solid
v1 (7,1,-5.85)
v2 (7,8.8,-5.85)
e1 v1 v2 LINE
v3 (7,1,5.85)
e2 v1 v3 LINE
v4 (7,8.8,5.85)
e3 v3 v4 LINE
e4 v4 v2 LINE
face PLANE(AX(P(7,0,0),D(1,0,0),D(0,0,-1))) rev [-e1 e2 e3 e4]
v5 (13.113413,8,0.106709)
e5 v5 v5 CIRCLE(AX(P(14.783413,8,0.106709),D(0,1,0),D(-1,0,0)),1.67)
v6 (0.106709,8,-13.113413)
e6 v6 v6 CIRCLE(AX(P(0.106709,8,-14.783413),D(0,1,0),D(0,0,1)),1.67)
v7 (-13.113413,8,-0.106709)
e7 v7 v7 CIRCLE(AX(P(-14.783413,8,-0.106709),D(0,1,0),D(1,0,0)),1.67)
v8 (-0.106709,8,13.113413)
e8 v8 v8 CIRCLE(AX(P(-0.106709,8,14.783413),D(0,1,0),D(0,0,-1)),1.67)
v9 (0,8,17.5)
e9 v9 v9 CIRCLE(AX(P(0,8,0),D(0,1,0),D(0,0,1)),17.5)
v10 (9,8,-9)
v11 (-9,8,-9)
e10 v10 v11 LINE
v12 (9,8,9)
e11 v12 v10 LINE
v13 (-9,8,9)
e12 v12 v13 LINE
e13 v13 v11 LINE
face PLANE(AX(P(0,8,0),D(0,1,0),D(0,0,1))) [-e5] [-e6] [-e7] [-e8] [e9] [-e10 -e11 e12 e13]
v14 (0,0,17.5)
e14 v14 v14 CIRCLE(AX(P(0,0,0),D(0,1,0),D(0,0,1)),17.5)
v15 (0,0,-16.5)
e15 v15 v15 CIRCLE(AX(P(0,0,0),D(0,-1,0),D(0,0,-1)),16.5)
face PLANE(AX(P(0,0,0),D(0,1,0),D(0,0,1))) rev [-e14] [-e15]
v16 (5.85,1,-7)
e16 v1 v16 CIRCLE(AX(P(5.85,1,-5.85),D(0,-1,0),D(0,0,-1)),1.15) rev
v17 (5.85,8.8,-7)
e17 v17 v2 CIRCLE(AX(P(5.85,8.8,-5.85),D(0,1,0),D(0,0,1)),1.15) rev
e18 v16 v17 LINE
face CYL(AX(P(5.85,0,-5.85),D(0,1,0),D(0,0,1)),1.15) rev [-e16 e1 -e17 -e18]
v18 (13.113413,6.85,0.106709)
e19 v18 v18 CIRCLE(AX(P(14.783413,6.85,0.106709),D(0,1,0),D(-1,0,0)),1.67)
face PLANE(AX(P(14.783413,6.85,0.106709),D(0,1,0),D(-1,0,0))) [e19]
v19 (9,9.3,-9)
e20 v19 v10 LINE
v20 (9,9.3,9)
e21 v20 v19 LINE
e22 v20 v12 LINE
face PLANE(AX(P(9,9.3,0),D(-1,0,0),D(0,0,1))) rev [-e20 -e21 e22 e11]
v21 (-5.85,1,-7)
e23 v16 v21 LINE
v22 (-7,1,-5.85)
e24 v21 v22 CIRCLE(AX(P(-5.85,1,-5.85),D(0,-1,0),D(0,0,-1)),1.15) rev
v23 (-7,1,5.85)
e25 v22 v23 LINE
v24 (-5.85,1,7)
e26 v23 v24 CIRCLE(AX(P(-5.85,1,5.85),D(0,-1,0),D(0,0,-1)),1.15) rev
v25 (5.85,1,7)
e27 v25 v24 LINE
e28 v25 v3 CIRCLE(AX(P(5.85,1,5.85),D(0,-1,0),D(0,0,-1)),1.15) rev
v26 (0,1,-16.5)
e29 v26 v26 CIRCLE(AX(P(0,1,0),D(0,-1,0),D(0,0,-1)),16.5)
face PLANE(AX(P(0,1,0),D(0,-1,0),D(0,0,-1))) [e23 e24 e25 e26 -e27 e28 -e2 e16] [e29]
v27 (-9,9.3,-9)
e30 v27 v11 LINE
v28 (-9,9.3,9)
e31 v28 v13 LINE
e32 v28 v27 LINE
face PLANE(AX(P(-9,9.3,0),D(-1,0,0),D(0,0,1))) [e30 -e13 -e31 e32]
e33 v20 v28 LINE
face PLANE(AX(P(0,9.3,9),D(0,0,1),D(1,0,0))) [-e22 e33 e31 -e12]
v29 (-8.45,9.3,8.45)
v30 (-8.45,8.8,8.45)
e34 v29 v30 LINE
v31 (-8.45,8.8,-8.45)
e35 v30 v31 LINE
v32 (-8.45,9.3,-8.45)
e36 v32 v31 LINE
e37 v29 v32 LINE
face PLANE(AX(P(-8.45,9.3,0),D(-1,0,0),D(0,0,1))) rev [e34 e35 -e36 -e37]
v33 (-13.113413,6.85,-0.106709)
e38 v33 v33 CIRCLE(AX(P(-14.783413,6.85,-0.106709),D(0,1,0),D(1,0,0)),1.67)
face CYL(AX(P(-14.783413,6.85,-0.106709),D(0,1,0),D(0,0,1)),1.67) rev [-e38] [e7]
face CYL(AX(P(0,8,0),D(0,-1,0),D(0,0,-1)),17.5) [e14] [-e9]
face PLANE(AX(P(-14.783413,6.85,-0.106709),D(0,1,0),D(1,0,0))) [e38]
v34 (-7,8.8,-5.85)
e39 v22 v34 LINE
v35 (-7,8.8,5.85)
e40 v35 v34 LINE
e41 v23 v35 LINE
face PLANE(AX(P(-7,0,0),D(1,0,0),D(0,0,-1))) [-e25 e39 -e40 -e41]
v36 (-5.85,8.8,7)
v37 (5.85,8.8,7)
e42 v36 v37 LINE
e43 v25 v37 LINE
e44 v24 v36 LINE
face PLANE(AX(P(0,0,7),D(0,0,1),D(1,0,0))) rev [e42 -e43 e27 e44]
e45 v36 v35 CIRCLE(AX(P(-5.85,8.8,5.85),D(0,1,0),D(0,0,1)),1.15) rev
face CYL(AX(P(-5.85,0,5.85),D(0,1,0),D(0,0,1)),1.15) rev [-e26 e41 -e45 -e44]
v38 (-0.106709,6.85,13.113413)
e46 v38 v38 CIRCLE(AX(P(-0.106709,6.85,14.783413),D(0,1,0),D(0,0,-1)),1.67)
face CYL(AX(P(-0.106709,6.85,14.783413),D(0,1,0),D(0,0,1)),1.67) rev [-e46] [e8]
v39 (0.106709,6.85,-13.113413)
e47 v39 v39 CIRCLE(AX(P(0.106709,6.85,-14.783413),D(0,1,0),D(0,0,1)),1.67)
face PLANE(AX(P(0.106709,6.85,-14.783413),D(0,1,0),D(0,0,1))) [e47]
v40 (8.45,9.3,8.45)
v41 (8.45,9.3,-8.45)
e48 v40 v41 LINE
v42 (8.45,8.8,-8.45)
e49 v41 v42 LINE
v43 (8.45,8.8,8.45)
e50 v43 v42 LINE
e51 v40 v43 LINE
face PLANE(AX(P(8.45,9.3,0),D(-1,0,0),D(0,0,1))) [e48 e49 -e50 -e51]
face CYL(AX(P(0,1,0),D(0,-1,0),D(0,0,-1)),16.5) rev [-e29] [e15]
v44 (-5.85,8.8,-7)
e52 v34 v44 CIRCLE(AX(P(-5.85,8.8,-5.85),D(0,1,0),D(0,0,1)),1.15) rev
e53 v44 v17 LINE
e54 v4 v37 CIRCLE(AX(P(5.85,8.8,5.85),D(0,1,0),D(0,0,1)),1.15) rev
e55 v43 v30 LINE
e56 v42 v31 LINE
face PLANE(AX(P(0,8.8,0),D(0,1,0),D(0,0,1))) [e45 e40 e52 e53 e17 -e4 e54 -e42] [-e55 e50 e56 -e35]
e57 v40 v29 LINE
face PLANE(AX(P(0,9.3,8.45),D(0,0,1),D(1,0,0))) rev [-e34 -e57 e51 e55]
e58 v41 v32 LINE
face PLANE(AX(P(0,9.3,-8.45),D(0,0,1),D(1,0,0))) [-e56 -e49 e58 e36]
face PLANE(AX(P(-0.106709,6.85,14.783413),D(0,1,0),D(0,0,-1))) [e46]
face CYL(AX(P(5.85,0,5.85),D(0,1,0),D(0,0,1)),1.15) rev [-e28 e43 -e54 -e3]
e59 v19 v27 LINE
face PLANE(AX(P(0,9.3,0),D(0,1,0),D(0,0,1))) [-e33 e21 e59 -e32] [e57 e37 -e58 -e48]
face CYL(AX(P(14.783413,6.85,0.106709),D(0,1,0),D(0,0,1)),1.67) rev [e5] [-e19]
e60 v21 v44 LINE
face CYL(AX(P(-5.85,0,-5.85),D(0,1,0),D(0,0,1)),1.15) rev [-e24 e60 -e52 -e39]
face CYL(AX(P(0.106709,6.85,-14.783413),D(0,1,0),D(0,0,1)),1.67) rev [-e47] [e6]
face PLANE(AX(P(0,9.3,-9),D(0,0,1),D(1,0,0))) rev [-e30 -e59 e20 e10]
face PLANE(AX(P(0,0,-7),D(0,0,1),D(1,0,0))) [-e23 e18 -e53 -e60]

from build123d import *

# Parameters (mm, degrees)
SKETCH1_R           = 17.5
BOSS_EXTRUDE1_DEPTH = 8
SKETCH5_R           = 16.5
CUT_EXTRUDE2_DEPTH  = 1
SKETCH11_R          = 1.67
CUT_EXTRUDE5_DEPTH  = 1.15
CIRPATTERN1_COUNT   = 4
SKETCH13_W          = 18
SKETCH13_H          = 18
SKETCH13_W_2        = 16.9
SKETCH13_H_2        = 16.9
BOSS_EXTRUDE3_DEPTH = 1.3
SKETCH12_W          = 18
SKETCH12_H          = 18
BOSS_EXTRUDE2_DEPTH = 0.8
CUT_EXTRUDE6_DEPTH  = 27.266708968


with BuildPart() as part:
    # Sketch1 → Boss-Extrude1 (new body)
    with BuildSketch(Plane(origin=(0, 0, 0), x_dir=(1, 0, 0), z_dir=(0, 1, 0))):
        with Locations(Location((0, 0, 0), (0, 0, 270))):
            Circle(SKETCH1_R)
    extrude(amount=BOSS_EXTRUDE1_DEPTH)

    # Sketch5 → Cut-Extrude2 (cut)
    with BuildSketch(Plane.XZ):
        with Locations(Location((0, 0, 0), (0, 0, 270))):
            Circle(SKETCH5_R)
    extrude(amount=-CUT_EXTRUDE2_DEPTH, mode=Mode.SUBTRACT)

    # Sketch11 → Cut-Extrude5 (cut)
    with BuildSketch(Plane(origin=(0, 8, 0), x_dir=(1, 0, 0), z_dir=(0, 1, 0))):
        with Locations(Location((0.106708516, 14.783412681, 0), (0, 0, 270))):
            Circle(SKETCH11_R)
    cut_extrude5 = extrude(amount=-CUT_EXTRUDE5_DEPTH, mode=Mode.SUBTRACT)

    # CirPattern1: Cut-Extrude5 ×4 about axis
    cirpattern1_axis = Axis((0, 0, 0), (0, 1, 0))
    for i in range(1, CIRPATTERN1_COUNT):
        add(cut_extrude5.rotate(cirpattern1_axis, i * 360 / CIRPATTERN1_COUNT), mode=Mode.SUBTRACT)

    # Sketch13 → Boss-Extrude3 (add)
    with BuildSketch(Plane(origin=(0, 8, 0), x_dir=(1, 0, 0), z_dir=(0, 1, 0))):
        Rectangle(SKETCH13_W, SKETCH13_H)
        Rectangle(SKETCH13_W_2, SKETCH13_H_2, mode=Mode.SUBTRACT)
    extrude(amount=BOSS_EXTRUDE3_DEPTH)

    # Sketch12 → Boss-Extrude2 (add)
    with BuildSketch(Plane(origin=(0, 8, 0), x_dir=(1, 0, 0), z_dir=(0, 1, 0))):
        Rectangle(SKETCH12_W, SKETCH12_H)
    extrude(amount=BOSS_EXTRUDE2_DEPTH)

    # Sketch14 → Cut-Extrude6 (cut, through all)
    with BuildSketch(Plane(origin=(0, 8.8, 0), x_dir=(1, 0, 0), z_dir=(0, 1, 0))):
        with BuildLine():
            ThreePointArc((-7, -5.85), (-6.663172798, -6.663172798), (-5.85, -7))
            Line((-5.85, -7), (5.85, -7))
            ThreePointArc((5.85, -7), (6.663172798, -6.663172798), (7, -5.85))
            Line((7, -5.85), (7, 5.85))
            ThreePointArc((7, 5.85), (6.663172798, 6.663172798), (5.85, 7))
            Line((5.85, 7), (-5.85, 7))
            ThreePointArc((-5.85, 7), (-6.663172798, 6.663172798), (-7, 5.85))
            Line((-7, 5.85), (-7, -5.85))
        make_face()
    extrude(amount=-CUT_EXTRUDE6_DEPTH, mode=Mode.SUBTRACT)


solid = part.part
